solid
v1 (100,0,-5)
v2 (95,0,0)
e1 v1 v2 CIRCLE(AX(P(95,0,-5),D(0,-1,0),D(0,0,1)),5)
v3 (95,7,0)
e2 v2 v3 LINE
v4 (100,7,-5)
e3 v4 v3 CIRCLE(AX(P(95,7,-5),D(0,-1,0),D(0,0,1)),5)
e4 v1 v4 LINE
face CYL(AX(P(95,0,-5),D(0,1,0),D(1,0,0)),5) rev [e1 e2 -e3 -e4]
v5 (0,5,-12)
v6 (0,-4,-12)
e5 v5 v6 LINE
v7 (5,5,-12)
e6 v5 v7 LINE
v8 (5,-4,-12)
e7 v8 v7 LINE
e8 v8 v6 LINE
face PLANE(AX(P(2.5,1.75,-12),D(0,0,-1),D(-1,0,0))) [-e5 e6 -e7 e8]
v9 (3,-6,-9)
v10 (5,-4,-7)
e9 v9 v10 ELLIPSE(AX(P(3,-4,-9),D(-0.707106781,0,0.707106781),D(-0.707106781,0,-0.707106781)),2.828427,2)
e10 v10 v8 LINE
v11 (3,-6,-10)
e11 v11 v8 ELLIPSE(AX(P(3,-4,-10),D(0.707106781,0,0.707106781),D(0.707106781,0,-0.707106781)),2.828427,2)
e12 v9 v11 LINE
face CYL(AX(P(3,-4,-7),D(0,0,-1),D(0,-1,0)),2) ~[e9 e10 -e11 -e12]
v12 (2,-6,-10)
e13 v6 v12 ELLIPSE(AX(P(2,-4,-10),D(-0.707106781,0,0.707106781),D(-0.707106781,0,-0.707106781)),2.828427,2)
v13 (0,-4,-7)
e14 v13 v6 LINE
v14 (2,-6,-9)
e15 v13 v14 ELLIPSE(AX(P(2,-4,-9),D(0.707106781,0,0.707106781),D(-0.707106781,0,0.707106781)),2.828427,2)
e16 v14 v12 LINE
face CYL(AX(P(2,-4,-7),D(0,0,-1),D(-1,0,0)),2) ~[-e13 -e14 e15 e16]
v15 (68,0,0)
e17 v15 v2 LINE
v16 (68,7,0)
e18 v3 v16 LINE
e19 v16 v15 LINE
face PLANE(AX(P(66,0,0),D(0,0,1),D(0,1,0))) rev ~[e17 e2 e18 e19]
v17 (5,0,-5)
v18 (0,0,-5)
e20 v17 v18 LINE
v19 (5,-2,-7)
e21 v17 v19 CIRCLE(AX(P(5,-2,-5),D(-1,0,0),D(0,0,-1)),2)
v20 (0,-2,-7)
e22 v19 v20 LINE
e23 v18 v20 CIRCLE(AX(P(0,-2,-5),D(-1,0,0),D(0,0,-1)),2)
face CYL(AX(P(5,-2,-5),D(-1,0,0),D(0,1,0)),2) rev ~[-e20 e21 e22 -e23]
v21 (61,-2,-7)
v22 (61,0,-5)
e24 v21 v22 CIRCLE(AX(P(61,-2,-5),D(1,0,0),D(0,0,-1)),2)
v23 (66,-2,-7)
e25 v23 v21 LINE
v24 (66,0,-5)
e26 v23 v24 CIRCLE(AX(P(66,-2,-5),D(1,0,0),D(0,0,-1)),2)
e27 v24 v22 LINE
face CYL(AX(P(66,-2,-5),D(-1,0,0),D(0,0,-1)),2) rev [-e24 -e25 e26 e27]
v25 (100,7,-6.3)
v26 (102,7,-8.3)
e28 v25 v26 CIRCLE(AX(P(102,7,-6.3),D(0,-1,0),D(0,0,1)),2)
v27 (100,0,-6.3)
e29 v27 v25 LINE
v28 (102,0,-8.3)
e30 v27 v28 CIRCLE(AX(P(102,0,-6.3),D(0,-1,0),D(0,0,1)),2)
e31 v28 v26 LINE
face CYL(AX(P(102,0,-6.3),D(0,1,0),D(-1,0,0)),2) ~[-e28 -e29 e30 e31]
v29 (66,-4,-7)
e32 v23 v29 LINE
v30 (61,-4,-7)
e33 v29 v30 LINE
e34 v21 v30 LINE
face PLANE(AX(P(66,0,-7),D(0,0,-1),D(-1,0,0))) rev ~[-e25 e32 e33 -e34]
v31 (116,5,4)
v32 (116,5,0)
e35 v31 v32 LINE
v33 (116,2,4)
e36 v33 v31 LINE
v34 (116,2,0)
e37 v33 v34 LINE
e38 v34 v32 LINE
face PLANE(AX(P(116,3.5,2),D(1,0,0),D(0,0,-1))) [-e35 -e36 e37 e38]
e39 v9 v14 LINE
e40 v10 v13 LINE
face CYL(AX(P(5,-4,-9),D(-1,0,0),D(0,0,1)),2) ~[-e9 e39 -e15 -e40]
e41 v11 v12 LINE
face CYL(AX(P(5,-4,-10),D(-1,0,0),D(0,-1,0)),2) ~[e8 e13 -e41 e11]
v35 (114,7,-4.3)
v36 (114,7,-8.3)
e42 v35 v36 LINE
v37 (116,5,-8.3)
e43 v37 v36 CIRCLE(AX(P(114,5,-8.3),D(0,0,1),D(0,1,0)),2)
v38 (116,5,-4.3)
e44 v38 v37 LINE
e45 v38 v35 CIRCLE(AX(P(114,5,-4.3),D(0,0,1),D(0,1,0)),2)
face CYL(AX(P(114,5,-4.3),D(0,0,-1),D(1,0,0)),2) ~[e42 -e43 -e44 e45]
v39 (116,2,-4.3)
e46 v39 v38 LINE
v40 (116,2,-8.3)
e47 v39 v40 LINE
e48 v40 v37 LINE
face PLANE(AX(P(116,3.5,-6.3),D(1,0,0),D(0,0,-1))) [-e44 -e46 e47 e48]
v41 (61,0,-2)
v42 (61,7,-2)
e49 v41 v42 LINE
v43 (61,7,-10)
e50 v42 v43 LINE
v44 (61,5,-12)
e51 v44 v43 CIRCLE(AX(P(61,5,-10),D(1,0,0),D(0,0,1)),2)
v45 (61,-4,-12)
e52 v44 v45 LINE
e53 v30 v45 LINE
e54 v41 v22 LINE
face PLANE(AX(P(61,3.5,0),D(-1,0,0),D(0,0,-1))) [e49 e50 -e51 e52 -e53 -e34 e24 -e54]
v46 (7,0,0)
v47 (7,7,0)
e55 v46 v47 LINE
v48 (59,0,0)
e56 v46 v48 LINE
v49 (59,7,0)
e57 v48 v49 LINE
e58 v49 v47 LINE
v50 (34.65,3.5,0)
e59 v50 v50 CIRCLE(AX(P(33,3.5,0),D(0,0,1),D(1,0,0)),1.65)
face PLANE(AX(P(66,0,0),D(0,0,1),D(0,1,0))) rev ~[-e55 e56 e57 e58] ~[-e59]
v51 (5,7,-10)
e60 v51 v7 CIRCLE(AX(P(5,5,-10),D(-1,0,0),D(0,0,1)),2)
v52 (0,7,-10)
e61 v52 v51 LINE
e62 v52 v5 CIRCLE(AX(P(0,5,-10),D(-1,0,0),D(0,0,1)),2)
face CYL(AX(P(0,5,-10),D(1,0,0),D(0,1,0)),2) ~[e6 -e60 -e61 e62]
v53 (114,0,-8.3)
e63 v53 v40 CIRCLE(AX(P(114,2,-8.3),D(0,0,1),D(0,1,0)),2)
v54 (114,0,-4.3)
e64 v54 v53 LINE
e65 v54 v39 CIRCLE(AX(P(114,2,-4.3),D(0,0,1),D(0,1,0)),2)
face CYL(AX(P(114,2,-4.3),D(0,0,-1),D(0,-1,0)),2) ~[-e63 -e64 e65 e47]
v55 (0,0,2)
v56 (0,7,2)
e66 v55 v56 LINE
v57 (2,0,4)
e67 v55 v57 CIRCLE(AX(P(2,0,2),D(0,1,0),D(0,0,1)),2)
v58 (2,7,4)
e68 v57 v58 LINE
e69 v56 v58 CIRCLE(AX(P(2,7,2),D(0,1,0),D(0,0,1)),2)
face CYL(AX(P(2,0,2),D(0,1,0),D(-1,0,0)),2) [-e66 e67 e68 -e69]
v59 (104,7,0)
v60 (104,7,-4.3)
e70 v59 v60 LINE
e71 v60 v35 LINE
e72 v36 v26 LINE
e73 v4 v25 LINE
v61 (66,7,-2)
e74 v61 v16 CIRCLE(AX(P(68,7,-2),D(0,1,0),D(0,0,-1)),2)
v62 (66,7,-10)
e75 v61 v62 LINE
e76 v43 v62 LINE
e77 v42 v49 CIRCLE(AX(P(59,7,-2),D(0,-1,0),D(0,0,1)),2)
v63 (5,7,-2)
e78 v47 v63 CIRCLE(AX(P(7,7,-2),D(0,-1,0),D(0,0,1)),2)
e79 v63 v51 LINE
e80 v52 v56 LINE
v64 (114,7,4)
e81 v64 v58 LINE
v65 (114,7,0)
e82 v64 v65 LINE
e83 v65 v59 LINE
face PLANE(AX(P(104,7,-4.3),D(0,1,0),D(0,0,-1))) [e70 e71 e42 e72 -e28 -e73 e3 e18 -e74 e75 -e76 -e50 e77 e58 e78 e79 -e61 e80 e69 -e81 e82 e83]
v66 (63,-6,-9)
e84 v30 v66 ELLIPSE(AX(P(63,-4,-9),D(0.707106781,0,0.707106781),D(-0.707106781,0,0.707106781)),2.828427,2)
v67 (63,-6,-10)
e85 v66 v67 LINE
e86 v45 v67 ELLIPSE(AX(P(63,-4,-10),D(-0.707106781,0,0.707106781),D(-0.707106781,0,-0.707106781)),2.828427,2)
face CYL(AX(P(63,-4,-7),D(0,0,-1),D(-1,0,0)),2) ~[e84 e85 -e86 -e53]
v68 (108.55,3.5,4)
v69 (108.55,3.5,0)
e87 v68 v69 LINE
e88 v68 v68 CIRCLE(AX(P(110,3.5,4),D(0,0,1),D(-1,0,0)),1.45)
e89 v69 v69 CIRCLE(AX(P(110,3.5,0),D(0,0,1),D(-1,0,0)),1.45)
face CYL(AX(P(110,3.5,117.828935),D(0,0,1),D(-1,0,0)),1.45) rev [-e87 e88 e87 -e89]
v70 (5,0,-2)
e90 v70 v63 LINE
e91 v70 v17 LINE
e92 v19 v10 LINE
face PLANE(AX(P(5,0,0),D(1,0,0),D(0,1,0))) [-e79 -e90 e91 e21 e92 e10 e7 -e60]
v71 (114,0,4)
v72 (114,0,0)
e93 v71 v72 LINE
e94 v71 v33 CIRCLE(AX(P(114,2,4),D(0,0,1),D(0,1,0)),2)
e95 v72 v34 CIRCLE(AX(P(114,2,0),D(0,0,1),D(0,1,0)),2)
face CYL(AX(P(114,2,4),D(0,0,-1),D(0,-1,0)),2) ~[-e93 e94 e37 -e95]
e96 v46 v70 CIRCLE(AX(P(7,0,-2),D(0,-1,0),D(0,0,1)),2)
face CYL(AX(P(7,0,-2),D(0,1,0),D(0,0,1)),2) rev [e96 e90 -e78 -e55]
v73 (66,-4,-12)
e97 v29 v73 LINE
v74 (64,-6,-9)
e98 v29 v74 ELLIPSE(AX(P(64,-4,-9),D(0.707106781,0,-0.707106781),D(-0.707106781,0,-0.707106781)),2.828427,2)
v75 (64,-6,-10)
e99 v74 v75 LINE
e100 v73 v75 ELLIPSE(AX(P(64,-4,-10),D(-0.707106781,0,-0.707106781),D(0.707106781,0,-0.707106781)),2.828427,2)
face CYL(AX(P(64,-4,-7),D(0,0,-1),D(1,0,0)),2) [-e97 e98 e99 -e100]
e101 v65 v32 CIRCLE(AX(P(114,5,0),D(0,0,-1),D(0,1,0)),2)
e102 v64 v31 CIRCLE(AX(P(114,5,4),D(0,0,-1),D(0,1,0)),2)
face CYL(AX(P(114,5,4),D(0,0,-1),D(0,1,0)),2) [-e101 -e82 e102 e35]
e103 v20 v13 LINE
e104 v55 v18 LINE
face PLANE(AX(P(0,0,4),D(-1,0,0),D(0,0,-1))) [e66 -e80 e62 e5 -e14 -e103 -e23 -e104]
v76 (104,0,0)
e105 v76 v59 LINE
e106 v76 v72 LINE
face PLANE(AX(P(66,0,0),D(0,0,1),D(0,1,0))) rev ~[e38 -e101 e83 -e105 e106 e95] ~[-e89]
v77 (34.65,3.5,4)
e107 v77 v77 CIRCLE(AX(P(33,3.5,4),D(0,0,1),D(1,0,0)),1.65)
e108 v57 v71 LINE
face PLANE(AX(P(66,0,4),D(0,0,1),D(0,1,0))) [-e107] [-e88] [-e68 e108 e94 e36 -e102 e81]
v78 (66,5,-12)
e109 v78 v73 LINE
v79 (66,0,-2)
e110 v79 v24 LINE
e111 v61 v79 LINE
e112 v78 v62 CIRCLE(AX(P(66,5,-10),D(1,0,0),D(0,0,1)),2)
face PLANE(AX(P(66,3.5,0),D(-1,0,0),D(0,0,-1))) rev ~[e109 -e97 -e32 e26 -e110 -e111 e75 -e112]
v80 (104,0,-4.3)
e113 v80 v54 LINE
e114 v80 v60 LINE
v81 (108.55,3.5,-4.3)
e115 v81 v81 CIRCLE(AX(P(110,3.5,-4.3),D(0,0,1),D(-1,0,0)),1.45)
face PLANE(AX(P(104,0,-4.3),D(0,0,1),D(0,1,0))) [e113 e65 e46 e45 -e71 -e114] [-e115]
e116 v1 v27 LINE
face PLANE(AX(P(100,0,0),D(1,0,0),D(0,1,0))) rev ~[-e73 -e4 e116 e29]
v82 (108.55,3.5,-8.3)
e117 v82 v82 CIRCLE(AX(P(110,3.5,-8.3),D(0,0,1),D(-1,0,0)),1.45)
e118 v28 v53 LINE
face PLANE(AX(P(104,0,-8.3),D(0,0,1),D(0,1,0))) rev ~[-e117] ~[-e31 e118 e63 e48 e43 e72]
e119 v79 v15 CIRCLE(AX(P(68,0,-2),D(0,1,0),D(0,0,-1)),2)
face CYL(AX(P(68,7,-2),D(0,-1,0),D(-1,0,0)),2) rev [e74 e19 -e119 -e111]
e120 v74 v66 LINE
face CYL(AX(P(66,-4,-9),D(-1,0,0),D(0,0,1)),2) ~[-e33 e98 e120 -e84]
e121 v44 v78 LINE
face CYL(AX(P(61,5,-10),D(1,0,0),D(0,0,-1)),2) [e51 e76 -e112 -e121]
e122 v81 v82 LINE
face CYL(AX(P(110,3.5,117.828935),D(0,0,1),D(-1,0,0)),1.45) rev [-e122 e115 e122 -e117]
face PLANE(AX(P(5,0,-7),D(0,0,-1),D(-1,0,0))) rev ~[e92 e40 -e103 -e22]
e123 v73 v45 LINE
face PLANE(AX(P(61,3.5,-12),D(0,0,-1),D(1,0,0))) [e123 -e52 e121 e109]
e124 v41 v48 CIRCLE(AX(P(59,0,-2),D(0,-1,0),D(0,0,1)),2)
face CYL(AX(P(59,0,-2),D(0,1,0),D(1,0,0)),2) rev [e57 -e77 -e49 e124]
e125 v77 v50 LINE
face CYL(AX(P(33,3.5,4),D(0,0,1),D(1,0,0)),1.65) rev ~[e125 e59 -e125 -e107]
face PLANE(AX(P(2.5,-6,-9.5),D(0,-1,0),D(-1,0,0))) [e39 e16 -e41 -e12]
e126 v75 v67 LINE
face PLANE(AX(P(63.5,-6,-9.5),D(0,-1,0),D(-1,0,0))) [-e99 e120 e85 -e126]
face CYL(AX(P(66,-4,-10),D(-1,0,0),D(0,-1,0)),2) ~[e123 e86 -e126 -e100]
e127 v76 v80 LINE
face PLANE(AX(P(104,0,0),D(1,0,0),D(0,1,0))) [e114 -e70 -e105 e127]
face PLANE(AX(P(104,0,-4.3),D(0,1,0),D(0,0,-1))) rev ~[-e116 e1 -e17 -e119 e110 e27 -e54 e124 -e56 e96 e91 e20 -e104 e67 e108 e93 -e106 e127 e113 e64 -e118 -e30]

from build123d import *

# Parameters (mm, degrees)
SKETCH1_W               = 66
SKETCH1_H               = 4
BOSS_EXTRUDE1_DEPTH     = 7
SKETCH2_R               = 1.65
CUT_EXTRUDE1_DEPTH      = 67.49060084
SKETCH3_W               = 5
SKETCH3_H               = 3.5
BOSS_EXTRUDE2_DEPTH     = 12
SKETCH4_W               = 5
SKETCH4_H               = 5
BOSS_EXTRUDE3_DEPTH     = 6
SKETCH5_W               = 4
SKETCH5_H               = 7
BOSS_EXTRUDE4_DEPTH     = 50
SKETCH7_W               = 5
SKETCH7_H               = 12
BOSS_EXTRUDE5_DEPTH     = 3.5
FILLET1_R               = 2
FILLET2_R               = 2
SKETCH8_W               = 4
SKETCH8_H               = 7
BOSS_EXTRUDE6_DEPTH     = 8.3
SKETCH9_W               = 4
SKETCH9_H               = 7
BOSS_EXTRUDE7_DEPTH     = 12
CUT_EXTRUDE2_DEPTH      = 117.828934772
CUT_EXTRUDE2_DEPTH_BACK = 117.828934772
SKETCH6_R               = 1.45
FILLET3_R               = 2
FILLET4_R               = 5
FILLET5_R               = 2


with BuildPart() as part:
    # Sketch1 → Boss-Extrude1 (new body)
    with BuildSketch(Plane(origin=(0, 0, 0), x_dir=(1, 0, 0), z_dir=(0, 1, 0))):
        with Locations((33, -2)):
            Rectangle(SKETCH1_W, SKETCH1_H)
    extrude(amount=BOSS_EXTRUDE1_DEPTH)

    # Sketch2 → Cut-Extrude1 (cut, through all)
    with BuildSketch(Plane.XY.offset(4)):
        with Locations((33, 3.5)):
            Circle(SKETCH2_R)
    extrude(amount=-CUT_EXTRUDE1_DEPTH, mode=Mode.SUBTRACT)

    # Sketch3 → Boss-Extrude2 (add)
    with BuildSketch(Plane(origin=(0, 0, 0), x_dir=(-1, 0, 0), z_dir=(0, 0, -1))):
        with Locations((-63.5, 1.75)):
            Rectangle(SKETCH3_W, SKETCH3_H)
        with Locations((-2.5, 1.75)):
            Rectangle(SKETCH3_W, SKETCH3_H)
    extrude(amount=BOSS_EXTRUDE2_DEPTH)

    # Sketch4 → Boss-Extrude3 (add)
    with BuildSketch(Plane(origin=(0, 0, 0), x_dir=(-1, 0, 0), z_dir=(0, -1, 0))):
        with Locations((-63.5, 9.5)):
            Rectangle(SKETCH4_W, SKETCH4_H)
        with Locations((-2.5, 9.5)):
            Rectangle(SKETCH4_W, SKETCH4_H)
    extrude(amount=BOSS_EXTRUDE3_DEPTH)

    # Sketch5 → Boss-Extrude4 (add)
    with BuildSketch(Plane(origin=(66, 0, 0), x_dir=(0, 0, -1), z_dir=(1, 0, 0))):
        with Locations((-2, 3.5)):
            Rectangle(SKETCH5_W, SKETCH5_H)
    extrude(amount=BOSS_EXTRUDE4_DEPTH)

    # Sketch7 → Boss-Extrude5 (add)
    with BuildSketch(Plane(origin=(0, 3.5, 0), x_dir=(1, 0, 0), z_dir=(0, 1, 0))):
        with Locations((63.5, 6)):
            Rectangle(SKETCH7_W, SKETCH7_H)
        with Locations((2.5, 6)):
            Rectangle(SKETCH7_W, SKETCH7_H)
    extrude(amount=BOSS_EXTRUDE5_DEPTH)

    # Fillet1
    fillet1_edges = [part.edges().sort_by_distance(p)[0] for p in [
        (66, -6, -9.5),
        (63.5, -6, -7),
        (61, -6, -9.5),
        (63.5, -6, -12),
        (5, -6, -9.5),
        (2.5, -6, -7),
        (0, -6, -9.5),
        (2.5, -6, -12),
    ]]
    fillet(fillet1_edges, radius=FILLET1_R)

    # Fillet2
    fillet2_edges = [part.edges().sort_by_distance(p)[0] for p in [
        (61, 3.5, 0),
        (5, 3.5, 0),
        (63.5, 0, -7),
        (2.5, 0, -7),
        (66, 3.5, 0),
        (116, 0, 2),
        (116, 7, 2),
        (0, 3.5, 4),
        (63.5, 7, -12),
        (2.5, 7, -12),
    ]]
    fillet(fillet2_edges, radius=FILLET2_R)

    # Sketch8 → Boss-Extrude6 (add)
    with BuildSketch(Plane(origin=(0, 0, 0), x_dir=(-1, 0, 0), z_dir=(0, 0, -1))):
        with Locations((-102, 3.5)):
            Rectangle(SKETCH8_W, SKETCH8_H)
    extrude(amount=BOSS_EXTRUDE6_DEPTH)

    # Sketch9 → Boss-Extrude7 (add)
    with BuildSketch(Plane(origin=(104, 0, 0), x_dir=(0, 0, -1), z_dir=(1, 0, 0))):
        with Locations((6.3, 3.5)):
            Rectangle(SKETCH9_W, SKETCH9_H)
    extrude(amount=BOSS_EXTRUDE7_DEPTH)

    # Sketch6 → Cut-Extrude2 (cut, two sides: drawn at the far end of the back side and taken through both)
    with BuildSketch(Plane(origin=(0, 0, 0), x_dir=(-1, 0, 0), z_dir=(0, 0, -1)).offset(-CUT_EXTRUDE2_DEPTH_BACK)):
        with Locations((-110, 3.5)):
            Circle(SKETCH6_R)
    extrude(amount=CUT_EXTRUDE2_DEPTH + CUT_EXTRUDE2_DEPTH_BACK, mode=Mode.SUBTRACT)

    # Fillet3
    fillet3_edges = [part.edges().sort_by_distance(p)[0] for p in [
        (116, 7, -6.3),
        (116, 0, -6.3),
    ]]
    fillet(fillet3_edges, radius=FILLET3_R)

    # Fillet4
    fillet4_edges = [part.edges().sort_by_distance(p)[0] for p in [
        (100, 3.5, 0),
    ]]
    fillet(fillet4_edges, radius=FILLET4_R)

    # Fillet5
    fillet5_edges = [part.edges().sort_by_distance(p)[0] for p in [
        (100, 3.5, -8.3),
    ]]
    fillet(fillet5_edges, radius=FILLET5_R)


solid = part.part
